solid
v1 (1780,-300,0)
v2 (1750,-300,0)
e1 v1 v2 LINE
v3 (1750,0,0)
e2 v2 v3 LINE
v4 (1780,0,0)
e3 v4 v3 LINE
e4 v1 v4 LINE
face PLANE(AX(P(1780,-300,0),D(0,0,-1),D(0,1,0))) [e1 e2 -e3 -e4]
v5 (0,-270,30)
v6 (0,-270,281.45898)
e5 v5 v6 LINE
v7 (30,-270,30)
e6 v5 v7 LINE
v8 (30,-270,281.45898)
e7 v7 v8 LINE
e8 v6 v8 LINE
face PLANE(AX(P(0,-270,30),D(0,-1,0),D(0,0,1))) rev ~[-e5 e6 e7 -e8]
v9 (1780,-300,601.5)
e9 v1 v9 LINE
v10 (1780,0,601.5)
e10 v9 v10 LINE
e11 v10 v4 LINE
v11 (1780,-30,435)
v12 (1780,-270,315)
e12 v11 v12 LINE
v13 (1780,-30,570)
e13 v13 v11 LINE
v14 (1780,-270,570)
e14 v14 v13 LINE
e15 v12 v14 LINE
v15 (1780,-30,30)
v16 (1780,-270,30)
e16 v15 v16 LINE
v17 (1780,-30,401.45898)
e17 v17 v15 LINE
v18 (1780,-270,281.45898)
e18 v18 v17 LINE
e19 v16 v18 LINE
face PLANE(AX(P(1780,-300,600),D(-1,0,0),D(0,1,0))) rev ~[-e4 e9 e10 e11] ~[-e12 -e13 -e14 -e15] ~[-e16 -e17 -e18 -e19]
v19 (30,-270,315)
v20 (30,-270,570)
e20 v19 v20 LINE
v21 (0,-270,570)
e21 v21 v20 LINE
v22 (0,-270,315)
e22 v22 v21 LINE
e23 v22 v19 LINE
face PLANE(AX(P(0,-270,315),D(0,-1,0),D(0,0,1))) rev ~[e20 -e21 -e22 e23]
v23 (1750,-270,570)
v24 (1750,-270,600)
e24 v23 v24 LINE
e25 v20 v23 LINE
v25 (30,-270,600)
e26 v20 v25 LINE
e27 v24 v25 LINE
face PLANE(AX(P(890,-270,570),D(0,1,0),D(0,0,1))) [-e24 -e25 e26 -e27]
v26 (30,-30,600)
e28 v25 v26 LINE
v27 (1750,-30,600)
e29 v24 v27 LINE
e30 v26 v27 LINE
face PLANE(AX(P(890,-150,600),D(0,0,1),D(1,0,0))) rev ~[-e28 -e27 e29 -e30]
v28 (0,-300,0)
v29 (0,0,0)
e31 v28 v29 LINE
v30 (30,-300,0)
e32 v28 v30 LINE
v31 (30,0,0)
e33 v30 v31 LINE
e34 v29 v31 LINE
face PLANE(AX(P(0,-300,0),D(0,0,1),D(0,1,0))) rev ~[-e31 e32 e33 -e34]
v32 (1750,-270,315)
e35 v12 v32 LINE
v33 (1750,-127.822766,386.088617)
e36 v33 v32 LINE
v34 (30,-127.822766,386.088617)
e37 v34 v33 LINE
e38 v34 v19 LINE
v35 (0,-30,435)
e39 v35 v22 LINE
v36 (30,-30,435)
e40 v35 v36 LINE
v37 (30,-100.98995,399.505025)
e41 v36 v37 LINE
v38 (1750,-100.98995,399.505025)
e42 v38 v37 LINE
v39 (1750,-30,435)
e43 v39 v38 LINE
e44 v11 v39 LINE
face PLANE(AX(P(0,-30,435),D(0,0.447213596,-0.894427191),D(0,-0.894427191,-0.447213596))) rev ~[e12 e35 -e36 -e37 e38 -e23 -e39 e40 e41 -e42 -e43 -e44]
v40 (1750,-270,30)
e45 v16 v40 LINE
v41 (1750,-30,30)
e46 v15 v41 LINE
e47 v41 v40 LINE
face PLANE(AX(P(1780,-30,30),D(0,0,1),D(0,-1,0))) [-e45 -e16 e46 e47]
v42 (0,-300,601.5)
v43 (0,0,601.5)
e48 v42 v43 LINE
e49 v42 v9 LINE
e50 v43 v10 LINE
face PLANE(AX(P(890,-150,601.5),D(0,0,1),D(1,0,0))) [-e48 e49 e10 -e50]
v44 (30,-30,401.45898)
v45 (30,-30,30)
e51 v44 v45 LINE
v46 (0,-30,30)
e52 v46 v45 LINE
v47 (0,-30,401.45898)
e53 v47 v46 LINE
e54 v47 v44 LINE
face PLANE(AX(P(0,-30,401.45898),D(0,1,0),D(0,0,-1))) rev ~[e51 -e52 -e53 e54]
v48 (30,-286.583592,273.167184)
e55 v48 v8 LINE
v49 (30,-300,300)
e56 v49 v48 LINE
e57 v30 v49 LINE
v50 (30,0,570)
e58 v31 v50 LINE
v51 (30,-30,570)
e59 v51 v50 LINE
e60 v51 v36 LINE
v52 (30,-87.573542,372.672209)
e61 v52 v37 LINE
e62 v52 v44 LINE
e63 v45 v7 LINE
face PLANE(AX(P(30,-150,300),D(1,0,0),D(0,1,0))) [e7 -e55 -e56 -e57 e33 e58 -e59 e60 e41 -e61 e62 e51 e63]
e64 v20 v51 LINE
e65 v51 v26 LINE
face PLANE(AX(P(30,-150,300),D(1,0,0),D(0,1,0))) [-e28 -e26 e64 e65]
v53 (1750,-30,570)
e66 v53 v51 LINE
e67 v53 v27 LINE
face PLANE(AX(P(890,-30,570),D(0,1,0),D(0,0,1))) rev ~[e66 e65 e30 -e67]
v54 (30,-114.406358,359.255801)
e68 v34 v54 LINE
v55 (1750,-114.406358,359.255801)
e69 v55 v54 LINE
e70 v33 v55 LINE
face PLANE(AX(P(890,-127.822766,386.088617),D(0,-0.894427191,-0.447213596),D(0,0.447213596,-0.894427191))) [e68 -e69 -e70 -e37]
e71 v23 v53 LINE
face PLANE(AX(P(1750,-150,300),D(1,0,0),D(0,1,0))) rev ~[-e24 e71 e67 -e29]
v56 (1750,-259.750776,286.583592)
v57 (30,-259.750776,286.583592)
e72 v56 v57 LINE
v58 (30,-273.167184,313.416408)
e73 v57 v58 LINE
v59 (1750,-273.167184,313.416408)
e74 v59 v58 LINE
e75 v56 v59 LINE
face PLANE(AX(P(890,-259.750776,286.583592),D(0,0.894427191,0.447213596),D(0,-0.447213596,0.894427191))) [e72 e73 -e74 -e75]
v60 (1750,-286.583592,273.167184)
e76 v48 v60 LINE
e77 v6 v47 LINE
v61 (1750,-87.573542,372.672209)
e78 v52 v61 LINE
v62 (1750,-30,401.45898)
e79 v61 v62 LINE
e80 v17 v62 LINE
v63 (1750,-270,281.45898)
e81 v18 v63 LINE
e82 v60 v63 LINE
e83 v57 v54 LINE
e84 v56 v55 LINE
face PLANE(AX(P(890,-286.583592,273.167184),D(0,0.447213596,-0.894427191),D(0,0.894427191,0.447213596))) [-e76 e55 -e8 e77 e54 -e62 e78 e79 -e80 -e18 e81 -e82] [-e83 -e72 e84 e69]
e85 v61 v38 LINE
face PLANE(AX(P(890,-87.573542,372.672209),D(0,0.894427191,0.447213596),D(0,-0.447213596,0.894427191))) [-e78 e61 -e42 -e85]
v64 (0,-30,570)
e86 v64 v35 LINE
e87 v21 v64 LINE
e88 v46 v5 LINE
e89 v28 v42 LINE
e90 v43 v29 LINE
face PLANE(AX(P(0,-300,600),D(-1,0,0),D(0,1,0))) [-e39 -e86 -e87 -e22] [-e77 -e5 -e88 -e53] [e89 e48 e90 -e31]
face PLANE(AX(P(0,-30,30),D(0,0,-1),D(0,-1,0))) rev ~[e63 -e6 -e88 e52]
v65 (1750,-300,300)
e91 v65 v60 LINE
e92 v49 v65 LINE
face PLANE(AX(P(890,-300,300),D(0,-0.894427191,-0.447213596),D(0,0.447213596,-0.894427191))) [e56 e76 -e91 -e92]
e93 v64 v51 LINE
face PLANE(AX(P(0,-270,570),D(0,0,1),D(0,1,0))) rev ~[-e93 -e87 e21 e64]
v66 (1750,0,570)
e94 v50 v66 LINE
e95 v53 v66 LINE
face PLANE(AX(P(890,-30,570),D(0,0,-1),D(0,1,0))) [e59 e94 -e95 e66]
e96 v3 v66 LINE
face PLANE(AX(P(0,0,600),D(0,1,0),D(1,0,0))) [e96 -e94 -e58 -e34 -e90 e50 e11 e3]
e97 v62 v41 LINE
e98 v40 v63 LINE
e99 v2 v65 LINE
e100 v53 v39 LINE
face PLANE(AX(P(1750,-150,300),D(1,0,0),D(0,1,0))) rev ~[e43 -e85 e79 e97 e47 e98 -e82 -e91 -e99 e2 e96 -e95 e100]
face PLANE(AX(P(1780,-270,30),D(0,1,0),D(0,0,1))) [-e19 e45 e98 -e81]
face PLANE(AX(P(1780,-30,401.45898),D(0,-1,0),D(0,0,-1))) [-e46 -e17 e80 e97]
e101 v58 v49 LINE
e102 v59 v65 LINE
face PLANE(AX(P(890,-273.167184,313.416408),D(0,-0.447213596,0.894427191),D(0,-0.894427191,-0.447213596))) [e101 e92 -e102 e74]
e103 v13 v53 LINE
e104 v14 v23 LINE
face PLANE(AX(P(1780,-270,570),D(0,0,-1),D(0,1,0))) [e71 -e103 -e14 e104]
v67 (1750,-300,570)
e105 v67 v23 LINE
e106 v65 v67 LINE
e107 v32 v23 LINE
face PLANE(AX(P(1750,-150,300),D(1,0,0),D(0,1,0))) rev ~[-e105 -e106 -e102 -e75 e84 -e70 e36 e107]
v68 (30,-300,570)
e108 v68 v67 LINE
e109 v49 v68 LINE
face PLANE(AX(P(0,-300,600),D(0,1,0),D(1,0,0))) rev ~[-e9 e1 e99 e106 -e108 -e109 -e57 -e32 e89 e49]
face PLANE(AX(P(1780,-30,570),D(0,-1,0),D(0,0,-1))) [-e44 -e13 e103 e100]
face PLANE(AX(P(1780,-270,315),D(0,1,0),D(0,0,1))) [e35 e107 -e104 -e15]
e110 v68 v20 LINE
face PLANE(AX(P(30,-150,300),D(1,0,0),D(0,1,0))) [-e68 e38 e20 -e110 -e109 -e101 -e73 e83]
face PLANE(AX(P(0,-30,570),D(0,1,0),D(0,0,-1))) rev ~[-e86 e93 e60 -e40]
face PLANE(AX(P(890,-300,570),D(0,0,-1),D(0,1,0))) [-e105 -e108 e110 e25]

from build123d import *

# Parameters (mm, degrees)
F2_W          = 300
F2_H          = 600
F3_DEPTH      = 30
F4_W          = 300
F4_H          = 600
F5_DEPTH      = 30
F6_W          = 30
F6_H          = 30
F7_DEPTH      = 860
F7_DEPTH_BACK = 860
F8_W          = 1780
F8_H          = 300
F9_DEPTH      = 1.5


with BuildPart() as f3:
    # F2 (on Right) → F3 (new body)
    with BuildSketch(Plane.YZ):
        with Locations((-150, 300)):
            Rectangle(F2_W, F2_H)
        Polygon((-270, 30), (-270, 281.45898), (-30, 401.45898), (-30, 30), align=None, mode=Mode.SUBTRACT)
        Polygon((-30, 570), (-30, 435), (-270, 315), (-270, 570), align=None, mode=Mode.SUBTRACT)
    extrude(amount=F3_DEPTH)



with BuildPart() as f5:
    # F4 (on offset) → F5 (new body)
    with BuildSketch(Plane.YZ.offset(1780)):
        with Locations((-150, 300)):
            Rectangle(F4_W, F4_H)
        Polygon((-270, 30), (-270, 281.45898), (-30, 401.45898), (-30, 30), align=None, mode=Mode.SUBTRACT)
        Polygon((-30, 570), (-30, 435), (-270, 315), (-270, 570), align=None, mode=Mode.SUBTRACT)
    extrude(amount=-F5_DEPTH)


with BuildPart() as f3_1:
    add(f3.part)

    add(f5.part)  # F7 merges F5
    # F6 (on offset) → F7 (join, two sides)
    with BuildSketch(Plane.YZ.offset(890)) as f7_sk:
        Polygon((-273.167184, 313.416408), (-300, 300), (-286.583592, 273.167184), (-259.750776, 286.583592), align=None)
        with Locations((-15, 585)):
            Rectangle(F6_W, F6_H)
        with Locations((-285, 585)):
            Rectangle(F6_W, F6_H)
        Polygon((-100.98995, 399.505025), (-127.822766, 386.088617), (-114.406358, 359.255801), (-87.573542, 372.672209), align=None)
    extrude(amount=F7_DEPTH)
    extrude(f7_sk.sketch, amount=-F7_DEPTH_BACK)

    # F8 (on face) → F9 (join)
    with BuildSketch(Plane.XY.offset(600)):
        with Locations((890, -150)):
            Rectangle(F8_W, F8_H)
    extrude(amount=F9_DEPTH)


solid = f3_1.part
